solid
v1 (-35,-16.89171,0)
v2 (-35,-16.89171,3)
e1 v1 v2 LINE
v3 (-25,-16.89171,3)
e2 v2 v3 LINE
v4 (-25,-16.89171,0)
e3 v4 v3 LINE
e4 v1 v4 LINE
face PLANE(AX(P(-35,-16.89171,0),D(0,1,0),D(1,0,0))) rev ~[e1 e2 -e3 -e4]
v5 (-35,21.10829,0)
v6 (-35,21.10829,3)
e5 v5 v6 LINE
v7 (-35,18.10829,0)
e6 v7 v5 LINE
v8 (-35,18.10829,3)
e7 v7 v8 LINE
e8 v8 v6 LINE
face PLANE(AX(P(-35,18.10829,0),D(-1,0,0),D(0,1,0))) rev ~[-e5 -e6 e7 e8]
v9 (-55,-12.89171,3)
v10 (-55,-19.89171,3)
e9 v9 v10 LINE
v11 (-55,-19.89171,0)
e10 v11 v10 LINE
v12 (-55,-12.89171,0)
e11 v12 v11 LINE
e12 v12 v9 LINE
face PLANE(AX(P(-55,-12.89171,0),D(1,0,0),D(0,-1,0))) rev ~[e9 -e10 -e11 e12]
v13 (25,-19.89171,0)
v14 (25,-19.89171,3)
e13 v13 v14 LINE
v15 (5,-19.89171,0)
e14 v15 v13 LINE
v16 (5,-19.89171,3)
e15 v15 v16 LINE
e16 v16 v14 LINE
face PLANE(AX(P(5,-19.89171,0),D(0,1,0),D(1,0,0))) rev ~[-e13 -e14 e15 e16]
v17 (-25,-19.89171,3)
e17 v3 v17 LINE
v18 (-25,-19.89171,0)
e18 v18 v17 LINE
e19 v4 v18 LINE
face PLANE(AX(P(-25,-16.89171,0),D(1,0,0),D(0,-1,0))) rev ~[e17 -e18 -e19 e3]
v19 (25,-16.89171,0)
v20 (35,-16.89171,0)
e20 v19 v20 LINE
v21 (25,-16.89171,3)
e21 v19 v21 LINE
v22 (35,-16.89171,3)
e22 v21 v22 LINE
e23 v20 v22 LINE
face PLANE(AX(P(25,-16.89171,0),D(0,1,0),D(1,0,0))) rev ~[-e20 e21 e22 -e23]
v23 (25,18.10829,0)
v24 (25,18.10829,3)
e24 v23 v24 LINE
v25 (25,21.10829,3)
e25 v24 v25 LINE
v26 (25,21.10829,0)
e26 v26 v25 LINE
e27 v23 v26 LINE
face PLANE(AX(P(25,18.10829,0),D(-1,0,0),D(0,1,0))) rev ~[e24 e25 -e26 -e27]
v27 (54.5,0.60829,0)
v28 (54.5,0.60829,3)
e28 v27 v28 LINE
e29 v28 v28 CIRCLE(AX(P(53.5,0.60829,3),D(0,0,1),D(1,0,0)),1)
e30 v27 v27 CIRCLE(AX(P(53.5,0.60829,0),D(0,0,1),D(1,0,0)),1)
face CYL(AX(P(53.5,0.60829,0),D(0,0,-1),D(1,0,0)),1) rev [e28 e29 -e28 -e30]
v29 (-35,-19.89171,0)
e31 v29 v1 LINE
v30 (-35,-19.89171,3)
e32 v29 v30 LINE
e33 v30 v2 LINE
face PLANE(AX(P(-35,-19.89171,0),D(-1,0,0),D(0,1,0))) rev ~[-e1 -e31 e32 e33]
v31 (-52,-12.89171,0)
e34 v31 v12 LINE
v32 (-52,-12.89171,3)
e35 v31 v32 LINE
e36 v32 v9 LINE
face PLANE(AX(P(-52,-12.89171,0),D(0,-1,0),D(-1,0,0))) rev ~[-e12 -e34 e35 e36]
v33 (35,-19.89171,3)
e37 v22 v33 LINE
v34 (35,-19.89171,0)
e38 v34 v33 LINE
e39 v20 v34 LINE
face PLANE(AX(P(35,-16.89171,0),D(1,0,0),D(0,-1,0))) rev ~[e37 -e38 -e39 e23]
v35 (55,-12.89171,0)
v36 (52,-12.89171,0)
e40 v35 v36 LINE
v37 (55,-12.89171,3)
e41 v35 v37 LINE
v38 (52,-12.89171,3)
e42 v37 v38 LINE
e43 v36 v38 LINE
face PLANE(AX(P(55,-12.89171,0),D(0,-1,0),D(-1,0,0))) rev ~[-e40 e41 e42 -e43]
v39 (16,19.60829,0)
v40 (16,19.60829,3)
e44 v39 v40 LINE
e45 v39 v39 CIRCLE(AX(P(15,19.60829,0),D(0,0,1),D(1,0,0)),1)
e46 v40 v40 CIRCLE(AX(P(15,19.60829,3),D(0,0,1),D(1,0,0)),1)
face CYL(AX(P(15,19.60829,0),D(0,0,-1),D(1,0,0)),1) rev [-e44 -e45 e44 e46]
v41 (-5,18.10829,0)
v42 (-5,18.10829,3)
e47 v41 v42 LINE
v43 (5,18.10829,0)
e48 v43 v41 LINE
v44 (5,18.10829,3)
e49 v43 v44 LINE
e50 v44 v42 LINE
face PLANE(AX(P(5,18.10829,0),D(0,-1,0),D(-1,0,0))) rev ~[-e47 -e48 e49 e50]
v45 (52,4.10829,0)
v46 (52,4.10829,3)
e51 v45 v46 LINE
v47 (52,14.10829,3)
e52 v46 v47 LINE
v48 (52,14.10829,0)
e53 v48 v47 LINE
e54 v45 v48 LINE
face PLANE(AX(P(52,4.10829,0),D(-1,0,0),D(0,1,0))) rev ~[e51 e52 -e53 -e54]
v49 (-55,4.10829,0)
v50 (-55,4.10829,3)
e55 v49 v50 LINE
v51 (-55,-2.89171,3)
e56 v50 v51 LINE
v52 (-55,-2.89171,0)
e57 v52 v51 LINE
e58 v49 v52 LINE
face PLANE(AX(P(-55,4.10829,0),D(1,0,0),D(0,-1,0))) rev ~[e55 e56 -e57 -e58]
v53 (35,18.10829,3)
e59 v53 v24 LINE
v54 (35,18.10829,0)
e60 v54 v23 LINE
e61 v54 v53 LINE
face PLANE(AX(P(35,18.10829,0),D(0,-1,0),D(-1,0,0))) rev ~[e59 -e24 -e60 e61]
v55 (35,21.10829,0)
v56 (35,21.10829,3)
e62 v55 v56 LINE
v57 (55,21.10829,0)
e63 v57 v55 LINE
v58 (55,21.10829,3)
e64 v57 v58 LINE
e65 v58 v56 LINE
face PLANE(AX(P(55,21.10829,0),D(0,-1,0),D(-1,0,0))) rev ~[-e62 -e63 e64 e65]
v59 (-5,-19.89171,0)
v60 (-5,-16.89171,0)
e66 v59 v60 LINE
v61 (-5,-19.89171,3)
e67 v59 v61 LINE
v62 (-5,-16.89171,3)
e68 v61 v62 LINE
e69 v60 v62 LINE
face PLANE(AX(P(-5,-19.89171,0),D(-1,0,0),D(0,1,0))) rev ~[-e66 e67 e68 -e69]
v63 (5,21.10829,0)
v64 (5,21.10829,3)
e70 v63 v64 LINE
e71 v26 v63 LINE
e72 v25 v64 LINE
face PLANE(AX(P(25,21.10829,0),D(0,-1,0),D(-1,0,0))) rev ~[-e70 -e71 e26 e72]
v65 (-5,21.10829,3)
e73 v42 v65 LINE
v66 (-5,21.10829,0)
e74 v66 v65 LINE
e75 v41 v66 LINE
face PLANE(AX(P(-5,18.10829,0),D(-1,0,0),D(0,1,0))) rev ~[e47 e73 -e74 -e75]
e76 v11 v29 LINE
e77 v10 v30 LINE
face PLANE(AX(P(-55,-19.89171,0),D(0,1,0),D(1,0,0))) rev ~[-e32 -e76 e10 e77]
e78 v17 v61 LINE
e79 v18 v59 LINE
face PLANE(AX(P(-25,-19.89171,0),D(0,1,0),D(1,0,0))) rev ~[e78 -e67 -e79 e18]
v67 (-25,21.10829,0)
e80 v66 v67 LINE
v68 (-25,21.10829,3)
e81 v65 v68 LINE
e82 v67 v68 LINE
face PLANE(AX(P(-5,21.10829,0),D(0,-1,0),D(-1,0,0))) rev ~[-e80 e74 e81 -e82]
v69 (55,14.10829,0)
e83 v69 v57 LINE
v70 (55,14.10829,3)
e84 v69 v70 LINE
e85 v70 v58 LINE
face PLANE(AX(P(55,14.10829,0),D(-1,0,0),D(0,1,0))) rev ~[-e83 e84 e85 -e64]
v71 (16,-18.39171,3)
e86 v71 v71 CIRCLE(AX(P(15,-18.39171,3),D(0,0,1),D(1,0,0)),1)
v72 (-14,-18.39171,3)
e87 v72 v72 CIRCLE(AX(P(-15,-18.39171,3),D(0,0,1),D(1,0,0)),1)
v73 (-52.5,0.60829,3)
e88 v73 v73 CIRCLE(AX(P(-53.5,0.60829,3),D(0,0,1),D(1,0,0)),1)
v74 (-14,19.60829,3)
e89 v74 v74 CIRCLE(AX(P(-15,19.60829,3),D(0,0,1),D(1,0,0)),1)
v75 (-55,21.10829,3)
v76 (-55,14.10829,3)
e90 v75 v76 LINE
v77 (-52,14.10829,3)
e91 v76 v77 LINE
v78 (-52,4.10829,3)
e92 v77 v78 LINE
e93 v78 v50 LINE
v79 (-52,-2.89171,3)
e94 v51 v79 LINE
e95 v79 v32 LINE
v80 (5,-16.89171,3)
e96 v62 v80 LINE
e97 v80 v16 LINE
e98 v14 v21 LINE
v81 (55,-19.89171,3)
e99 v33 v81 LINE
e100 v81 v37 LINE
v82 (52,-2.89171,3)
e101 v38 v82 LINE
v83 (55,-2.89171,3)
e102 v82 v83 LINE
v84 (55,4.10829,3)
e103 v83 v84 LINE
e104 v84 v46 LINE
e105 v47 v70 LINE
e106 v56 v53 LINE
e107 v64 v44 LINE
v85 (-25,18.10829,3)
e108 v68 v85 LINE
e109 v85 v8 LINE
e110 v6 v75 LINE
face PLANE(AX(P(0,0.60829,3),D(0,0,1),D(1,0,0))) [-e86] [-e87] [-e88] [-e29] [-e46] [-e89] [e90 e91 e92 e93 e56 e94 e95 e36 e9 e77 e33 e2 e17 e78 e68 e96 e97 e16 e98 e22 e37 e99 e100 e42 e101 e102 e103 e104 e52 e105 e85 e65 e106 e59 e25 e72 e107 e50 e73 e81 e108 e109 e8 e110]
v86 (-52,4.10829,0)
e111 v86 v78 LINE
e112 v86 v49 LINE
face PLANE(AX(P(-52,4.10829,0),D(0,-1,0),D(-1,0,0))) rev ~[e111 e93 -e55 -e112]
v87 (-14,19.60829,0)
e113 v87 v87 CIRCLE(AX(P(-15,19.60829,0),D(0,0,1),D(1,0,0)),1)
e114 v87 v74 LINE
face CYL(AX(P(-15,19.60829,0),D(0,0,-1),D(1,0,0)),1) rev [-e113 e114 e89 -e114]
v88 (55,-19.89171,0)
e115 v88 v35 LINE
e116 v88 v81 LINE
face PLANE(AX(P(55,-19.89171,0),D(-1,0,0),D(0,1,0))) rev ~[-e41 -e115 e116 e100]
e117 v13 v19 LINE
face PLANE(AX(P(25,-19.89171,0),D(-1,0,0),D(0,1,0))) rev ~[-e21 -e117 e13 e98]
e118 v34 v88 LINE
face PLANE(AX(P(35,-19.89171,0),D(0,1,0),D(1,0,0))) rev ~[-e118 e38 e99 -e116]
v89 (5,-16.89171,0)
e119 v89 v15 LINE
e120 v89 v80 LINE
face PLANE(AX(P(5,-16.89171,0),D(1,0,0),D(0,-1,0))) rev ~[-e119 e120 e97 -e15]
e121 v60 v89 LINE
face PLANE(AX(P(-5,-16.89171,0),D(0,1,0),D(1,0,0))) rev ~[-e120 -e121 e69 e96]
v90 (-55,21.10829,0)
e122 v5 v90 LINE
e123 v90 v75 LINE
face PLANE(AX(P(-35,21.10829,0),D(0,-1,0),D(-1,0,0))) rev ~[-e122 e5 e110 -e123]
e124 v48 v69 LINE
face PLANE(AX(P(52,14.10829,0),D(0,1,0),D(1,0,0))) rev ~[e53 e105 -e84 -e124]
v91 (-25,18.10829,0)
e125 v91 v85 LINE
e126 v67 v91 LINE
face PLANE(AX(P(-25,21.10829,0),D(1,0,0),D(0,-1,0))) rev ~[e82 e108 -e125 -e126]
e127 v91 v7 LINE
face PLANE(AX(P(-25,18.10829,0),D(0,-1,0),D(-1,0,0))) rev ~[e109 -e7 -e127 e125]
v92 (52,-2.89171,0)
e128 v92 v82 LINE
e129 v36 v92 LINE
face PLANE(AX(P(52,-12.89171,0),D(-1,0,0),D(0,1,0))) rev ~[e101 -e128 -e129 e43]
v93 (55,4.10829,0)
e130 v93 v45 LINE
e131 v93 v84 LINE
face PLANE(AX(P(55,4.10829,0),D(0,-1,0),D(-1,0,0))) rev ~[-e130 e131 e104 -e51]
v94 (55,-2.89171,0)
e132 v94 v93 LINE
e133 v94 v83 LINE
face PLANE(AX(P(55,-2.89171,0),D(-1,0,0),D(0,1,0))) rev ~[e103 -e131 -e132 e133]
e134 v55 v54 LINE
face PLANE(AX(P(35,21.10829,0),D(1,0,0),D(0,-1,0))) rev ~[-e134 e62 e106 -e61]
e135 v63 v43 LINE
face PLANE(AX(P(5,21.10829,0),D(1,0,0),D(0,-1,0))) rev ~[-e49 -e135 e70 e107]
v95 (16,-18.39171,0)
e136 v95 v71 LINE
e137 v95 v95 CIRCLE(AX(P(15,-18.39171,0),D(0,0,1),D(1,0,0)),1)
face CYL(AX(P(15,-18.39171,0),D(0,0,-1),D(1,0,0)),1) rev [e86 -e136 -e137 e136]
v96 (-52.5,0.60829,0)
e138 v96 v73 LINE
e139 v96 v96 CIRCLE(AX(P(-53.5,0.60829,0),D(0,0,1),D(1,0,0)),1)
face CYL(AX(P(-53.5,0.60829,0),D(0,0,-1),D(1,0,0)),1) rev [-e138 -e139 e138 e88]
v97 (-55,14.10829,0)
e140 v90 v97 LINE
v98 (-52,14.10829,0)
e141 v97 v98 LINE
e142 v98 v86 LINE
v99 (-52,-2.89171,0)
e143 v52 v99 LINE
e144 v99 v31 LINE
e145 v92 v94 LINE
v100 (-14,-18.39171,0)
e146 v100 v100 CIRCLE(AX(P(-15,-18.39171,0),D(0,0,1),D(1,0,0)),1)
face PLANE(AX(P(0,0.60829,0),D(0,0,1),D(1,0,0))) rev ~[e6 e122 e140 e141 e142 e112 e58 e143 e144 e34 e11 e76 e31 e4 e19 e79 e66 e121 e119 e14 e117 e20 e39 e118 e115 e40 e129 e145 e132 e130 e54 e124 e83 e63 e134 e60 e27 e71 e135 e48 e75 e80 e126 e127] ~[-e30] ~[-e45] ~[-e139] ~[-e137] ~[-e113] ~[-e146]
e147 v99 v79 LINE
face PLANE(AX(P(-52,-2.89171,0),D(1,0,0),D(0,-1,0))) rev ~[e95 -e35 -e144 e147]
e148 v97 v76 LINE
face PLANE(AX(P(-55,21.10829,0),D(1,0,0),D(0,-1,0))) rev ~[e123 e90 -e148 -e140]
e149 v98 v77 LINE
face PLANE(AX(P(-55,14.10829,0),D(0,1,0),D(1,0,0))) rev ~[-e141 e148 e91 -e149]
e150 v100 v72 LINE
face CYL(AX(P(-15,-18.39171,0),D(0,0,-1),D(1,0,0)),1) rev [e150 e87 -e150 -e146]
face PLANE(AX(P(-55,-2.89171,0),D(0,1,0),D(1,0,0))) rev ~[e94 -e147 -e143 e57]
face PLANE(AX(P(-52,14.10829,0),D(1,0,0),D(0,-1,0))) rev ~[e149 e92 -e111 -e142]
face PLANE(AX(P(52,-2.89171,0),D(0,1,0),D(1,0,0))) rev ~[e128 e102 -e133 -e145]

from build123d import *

# Parameters (mm, degrees)
F0_R     = 1
F1_DEPTH = 3


with BuildPart() as f1:
    # F0 (on Top) → F1 (new body)
    with BuildSketch(Plane.XY):
        Polygon((-35, 21.10829), (-55, 21.10829), (-55, 14.10829), (-52, 14.10829), (-52, 4.10829), (-55, 4.10829), (-55, 0.60829), (-55, -2.89171), (-52, -2.89171), (-52, -12.89171), (-55, -12.89171), (-55, -19.89171), (-35, -19.89171), (-35, -16.89171), (-25, -16.89171), (-25, -19.89171), (-5, -19.89171), (-5, -16.89171), (0, -16.89171), (5, -16.89171), (5, -19.89171), (25, -19.89171), (25, -16.89171), (35, -16.89171), (35, -19.89171), (55, -19.89171), (55, -12.89171), (52, -12.89171), (52, -2.89171), (55, -2.89171), (55, 0.60829), (55, 4.10829), (52, 4.10829), (52, 14.10829), (55, 14.10829), (55, 21.10829), (35, 21.10829), (35, 18.10829), (25, 18.10829), (25, 21.10829), (5, 21.10829), (5, 18.10829), (0, 18.10829), (-5, 18.10829), (-5, 21.10829), (-25, 21.10829), (-25, 18.10829), (-35, 18.10829), align=None)
        with Locations((-15, -18.39171)):
            Circle(F0_R, mode=Mode.SUBTRACT)
        with Locations((-53.5, 0.60829)):
            Circle(F0_R, mode=Mode.SUBTRACT)
        with Locations((15, -18.39171)):
            Circle(F0_R, mode=Mode.SUBTRACT)
        with Locations((53.5, 0.60829)):
            Circle(F0_R, mode=Mode.SUBTRACT)
        with Locations((-15, 19.60829)):
            Circle(F0_R, mode=Mode.SUBTRACT)
        with Locations((15, 19.60829)):
            Circle(F0_R, mode=Mode.SUBTRACT)
    extrude(amount=F1_DEPTH)


solid = f1.part
